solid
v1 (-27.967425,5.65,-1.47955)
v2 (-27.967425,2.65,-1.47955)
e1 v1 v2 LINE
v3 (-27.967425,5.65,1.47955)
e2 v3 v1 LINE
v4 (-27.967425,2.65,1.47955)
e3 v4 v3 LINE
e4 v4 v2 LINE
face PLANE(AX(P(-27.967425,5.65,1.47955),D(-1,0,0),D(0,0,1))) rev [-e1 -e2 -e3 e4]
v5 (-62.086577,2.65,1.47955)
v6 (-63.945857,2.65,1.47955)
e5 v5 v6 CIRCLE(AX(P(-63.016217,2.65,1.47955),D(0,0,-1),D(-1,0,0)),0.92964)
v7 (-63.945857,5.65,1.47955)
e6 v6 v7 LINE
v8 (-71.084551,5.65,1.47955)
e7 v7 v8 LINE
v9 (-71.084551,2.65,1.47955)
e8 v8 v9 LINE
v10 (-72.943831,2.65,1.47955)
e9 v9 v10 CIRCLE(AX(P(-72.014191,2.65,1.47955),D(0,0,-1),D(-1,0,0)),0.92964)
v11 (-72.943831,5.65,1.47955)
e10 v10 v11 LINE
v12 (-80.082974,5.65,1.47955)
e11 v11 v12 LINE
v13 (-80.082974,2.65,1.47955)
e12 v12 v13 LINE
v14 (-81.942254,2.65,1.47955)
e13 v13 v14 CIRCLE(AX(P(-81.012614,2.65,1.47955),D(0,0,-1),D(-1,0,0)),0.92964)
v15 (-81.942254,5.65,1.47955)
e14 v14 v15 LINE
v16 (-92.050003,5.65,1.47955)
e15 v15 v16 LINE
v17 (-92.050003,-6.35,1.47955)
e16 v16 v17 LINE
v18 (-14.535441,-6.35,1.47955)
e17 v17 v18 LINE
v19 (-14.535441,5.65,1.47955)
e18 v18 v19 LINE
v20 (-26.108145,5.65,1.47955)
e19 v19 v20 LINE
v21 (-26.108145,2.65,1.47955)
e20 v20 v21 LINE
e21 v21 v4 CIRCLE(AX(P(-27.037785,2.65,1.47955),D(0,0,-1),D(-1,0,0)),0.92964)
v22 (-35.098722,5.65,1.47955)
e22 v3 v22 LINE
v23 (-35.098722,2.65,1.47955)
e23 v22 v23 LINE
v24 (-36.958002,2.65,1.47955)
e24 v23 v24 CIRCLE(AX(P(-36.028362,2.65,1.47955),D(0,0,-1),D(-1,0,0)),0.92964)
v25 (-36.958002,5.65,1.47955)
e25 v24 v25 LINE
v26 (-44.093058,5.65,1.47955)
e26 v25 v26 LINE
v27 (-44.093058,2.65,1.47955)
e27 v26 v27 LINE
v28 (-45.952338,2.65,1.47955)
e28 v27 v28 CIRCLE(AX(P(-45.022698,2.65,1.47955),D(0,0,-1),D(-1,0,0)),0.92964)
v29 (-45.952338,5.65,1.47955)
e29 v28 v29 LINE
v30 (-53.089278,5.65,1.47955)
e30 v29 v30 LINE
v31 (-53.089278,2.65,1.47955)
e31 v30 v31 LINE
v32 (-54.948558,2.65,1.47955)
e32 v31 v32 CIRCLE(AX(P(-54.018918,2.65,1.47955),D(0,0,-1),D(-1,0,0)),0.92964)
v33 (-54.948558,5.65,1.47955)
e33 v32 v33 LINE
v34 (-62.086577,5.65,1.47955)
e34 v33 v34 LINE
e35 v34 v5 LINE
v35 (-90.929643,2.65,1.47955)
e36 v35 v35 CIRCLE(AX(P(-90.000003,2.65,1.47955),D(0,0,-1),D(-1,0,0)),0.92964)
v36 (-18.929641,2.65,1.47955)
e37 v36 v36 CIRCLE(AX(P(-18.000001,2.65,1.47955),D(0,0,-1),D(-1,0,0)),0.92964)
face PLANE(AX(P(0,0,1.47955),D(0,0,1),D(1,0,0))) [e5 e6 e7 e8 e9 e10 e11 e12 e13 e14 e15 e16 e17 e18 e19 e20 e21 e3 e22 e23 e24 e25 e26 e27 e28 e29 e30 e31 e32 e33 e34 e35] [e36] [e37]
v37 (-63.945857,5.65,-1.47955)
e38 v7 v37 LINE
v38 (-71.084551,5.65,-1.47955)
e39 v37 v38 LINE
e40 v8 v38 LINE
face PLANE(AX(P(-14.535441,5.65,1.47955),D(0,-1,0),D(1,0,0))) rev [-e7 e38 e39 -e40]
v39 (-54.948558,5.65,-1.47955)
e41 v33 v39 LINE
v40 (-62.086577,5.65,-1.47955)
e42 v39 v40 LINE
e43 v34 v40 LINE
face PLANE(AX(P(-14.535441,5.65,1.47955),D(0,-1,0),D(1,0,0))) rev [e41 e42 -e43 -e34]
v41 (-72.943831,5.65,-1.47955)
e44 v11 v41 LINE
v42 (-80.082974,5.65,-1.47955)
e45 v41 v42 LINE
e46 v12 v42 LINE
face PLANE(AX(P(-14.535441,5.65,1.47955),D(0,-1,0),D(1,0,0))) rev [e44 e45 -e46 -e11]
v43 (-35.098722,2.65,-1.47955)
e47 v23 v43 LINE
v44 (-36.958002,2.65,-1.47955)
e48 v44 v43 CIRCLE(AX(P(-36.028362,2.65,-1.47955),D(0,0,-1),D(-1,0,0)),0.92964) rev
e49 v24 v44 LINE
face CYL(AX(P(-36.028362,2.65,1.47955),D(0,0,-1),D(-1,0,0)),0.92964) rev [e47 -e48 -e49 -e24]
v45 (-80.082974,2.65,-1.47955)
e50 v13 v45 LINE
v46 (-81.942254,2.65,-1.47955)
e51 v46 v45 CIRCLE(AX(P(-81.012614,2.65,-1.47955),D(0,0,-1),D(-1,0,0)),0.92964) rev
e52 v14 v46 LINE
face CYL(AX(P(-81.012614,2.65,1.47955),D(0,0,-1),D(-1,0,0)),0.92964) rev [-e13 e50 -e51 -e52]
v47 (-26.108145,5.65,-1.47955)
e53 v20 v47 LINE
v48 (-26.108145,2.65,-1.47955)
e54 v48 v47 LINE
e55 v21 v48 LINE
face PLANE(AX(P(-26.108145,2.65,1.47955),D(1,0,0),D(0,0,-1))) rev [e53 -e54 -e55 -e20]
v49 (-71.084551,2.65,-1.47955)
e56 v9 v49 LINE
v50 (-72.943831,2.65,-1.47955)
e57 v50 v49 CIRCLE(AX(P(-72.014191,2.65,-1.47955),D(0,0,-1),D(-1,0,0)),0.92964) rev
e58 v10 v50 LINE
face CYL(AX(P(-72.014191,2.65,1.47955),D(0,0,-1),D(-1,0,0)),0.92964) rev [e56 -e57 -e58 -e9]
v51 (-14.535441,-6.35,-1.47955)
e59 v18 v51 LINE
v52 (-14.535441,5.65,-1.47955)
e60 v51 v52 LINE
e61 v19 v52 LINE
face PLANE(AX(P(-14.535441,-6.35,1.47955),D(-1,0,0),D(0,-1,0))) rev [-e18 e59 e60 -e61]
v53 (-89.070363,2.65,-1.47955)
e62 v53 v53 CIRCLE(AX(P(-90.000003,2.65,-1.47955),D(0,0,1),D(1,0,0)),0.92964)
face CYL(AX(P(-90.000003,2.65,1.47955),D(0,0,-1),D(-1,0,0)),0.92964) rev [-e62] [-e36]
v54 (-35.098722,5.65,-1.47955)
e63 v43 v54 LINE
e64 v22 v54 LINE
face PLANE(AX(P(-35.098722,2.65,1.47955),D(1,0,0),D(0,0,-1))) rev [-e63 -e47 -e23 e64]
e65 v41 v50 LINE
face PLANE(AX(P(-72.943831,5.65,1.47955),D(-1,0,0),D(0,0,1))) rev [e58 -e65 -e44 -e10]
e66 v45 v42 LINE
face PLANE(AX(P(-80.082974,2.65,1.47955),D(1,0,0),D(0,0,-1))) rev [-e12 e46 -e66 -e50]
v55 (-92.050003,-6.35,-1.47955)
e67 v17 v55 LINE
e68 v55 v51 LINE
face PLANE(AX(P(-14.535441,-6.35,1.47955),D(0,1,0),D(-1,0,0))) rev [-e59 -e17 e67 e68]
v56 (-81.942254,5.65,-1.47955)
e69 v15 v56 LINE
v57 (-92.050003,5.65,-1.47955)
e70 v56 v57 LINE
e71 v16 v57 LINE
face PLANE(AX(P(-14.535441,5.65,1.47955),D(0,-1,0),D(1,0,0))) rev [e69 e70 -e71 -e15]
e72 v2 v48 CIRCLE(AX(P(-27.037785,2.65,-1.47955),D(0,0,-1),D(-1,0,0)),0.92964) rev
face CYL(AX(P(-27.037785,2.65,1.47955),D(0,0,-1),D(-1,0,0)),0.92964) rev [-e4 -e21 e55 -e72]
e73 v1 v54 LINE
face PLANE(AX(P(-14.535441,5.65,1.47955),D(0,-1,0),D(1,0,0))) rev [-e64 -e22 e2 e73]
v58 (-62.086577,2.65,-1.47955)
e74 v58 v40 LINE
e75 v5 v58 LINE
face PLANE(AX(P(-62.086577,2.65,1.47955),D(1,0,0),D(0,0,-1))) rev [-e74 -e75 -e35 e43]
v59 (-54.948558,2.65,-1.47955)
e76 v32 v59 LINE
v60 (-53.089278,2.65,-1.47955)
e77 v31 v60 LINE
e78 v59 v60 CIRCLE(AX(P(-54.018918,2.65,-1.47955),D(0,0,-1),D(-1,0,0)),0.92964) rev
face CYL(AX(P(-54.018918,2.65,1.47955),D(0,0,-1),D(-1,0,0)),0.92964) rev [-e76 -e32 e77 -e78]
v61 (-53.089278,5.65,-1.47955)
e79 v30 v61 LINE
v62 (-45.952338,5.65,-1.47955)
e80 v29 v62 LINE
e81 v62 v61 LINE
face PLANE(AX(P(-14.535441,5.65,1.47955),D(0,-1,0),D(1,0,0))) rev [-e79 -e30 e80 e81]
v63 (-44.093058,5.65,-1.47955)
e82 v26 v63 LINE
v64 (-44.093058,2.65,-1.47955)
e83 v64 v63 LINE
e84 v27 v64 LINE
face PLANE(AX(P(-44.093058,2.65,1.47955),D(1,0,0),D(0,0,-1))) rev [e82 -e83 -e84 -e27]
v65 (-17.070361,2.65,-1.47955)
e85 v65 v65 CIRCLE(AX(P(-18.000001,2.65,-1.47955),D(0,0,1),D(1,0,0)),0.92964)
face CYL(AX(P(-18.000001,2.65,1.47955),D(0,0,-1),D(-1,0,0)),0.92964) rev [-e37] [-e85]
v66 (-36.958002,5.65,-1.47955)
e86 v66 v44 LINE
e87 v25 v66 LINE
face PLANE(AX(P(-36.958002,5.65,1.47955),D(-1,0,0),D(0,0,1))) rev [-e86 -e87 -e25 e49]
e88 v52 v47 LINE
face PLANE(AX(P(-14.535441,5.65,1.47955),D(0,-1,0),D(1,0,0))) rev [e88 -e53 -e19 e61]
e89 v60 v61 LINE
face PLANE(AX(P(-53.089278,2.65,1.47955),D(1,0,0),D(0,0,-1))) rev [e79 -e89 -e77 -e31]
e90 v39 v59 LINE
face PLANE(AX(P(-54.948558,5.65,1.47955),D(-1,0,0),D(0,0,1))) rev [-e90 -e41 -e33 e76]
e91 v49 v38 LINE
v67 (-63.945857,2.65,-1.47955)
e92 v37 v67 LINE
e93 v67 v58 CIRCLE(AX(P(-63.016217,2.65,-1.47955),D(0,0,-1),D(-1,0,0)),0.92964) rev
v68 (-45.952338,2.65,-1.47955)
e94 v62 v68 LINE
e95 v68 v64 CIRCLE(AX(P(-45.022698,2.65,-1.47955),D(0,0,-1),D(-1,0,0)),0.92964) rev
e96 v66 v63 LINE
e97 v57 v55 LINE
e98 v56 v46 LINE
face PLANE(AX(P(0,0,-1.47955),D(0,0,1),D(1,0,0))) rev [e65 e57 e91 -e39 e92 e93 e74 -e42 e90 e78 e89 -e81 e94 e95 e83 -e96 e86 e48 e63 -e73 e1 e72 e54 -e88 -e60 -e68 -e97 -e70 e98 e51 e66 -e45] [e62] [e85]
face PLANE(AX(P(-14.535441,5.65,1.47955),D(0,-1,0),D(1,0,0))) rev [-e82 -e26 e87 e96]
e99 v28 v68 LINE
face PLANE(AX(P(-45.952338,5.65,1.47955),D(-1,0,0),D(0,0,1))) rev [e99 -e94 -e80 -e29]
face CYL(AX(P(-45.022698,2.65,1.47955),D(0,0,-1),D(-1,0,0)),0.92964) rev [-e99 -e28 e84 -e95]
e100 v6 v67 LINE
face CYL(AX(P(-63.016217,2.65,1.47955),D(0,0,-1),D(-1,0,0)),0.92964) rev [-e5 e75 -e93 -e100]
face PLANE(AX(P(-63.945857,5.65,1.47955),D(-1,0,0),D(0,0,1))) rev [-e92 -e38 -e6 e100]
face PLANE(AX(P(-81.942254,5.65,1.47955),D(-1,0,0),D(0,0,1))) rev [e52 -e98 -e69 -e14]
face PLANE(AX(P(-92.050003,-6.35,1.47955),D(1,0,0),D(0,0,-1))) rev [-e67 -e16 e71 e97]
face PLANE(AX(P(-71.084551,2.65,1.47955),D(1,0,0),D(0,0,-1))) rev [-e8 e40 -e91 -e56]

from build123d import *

# Parameters (mm, degrees)
SKETCH1_W               = 77.514562268
SKETCH1_H               = 12
BOSS_EXTRUDE1_DEPTH     = 1.47955
CUT_EXTRUDE1_DEPTH      = 93.316205492
CUT_EXTRUDE1_DEPTH_BACK = 93.316205492
SKETCH3_R               = 0.92964


with BuildPart() as part:
    # Sketch1 → Boss-Extrude1 (new, symmetric)
    with BuildSketch(Plane.XY):
        with Locations((-53.29272171, -0.35)):
            Rectangle(SKETCH1_W, SKETCH1_H)
    extrude(amount=BOSS_EXTRUDE1_DEPTH, both=True)

    # Sketch3 → Cut-Extrude1 (cut, two sides: drawn at the far end of the back side and taken through both)
    with BuildSketch(Plane(origin=(0, 0, -1.47955), x_dir=(-1, 0, 0), z_dir=(0, 0, -1)).offset(-CUT_EXTRUDE1_DEPTH_BACK)):
        with Locations((18.000000576, 2.65)):
            Circle(SKETCH3_R)
        with Locations((90.00000288, 2.65)):
            Circle(SKETCH3_R)
        with BuildLine():
            Line((26.1081454, 2.65), (26.1081454, 5.65))
            Line((26.1081454, 5.65), (27.9674254, 5.65))
            Line((27.9674254, 5.65), (27.9674254, 2.65))
            ThreePointArc((27.9674254, 2.65), (27.0377854, 1.72036), (26.1081454, 2.65))
        make_face()
        with BuildLine():
            Line((35.09872244, 2.65), (35.09872244, 5.65))
            Line((35.09872244, 5.65), (36.95800244, 5.65))
            Line((36.95800244, 5.65), (36.95800244, 2.65))
            ThreePointArc((36.95800244, 2.65), (36.02836244, 1.72036), (35.09872244, 2.65))
        make_face()
        with BuildLine():
            Line((44.093057534, 2.65), (44.093057534, 5.65))
            Line((44.093057534, 5.65), (45.952337534, 5.65))
            Line((45.952337534, 5.65), (45.952337534, 2.65))
            ThreePointArc((45.952337534, 2.65), (45.022697534, 1.72036), (44.093057534, 2.65))
        make_face()
        with BuildLine():
            Line((53.089277696, 2.65), (53.089277696, 5.65))
            Line((53.089277696, 5.65), (54.948557696, 5.65))
            Line((54.948557696, 5.65), (54.948557696, 2.65))
            ThreePointArc((54.948557696, 2.65), (54.018917696, 1.72036), (53.089277696, 2.65))
        make_face()
        with BuildLine():
            Line((62.086576691, 2.65), (62.086576691, 5.65))
            Line((62.086576691, 5.65), (63.945856691, 5.65))
            Line((63.945856691, 5.65), (63.945856691, 2.65))
            ThreePointArc((63.945856691, 2.65), (63.016216691, 1.72036), (62.086576691, 2.65))
        make_face()
        with BuildLine():
            Line((71.084550518, 2.65), (71.084550518, 5.65))
            Line((71.084550518, 5.65), (72.943830518, 5.65))
            Line((72.943830518, 5.65), (72.943830518, 2.65))
            ThreePointArc((72.943830518, 2.65), (72.014190518, 1.72036), (71.084550518, 2.65))
        make_face()
        with BuildLine():
            Line((80.08297445, 2.65), (80.08297445, 5.65))
            Line((80.08297445, 5.65), (81.94225445, 5.65))
            Line((81.94225445, 5.65), (81.94225445, 2.65))
            ThreePointArc((81.94225445, 2.65), (81.01261445, 1.72036), (80.08297445, 2.65))
        make_face()
    extrude(amount=CUT_EXTRUDE1_DEPTH + CUT_EXTRUDE1_DEPTH_BACK, mode=Mode.SUBTRACT)


solid = part.part
